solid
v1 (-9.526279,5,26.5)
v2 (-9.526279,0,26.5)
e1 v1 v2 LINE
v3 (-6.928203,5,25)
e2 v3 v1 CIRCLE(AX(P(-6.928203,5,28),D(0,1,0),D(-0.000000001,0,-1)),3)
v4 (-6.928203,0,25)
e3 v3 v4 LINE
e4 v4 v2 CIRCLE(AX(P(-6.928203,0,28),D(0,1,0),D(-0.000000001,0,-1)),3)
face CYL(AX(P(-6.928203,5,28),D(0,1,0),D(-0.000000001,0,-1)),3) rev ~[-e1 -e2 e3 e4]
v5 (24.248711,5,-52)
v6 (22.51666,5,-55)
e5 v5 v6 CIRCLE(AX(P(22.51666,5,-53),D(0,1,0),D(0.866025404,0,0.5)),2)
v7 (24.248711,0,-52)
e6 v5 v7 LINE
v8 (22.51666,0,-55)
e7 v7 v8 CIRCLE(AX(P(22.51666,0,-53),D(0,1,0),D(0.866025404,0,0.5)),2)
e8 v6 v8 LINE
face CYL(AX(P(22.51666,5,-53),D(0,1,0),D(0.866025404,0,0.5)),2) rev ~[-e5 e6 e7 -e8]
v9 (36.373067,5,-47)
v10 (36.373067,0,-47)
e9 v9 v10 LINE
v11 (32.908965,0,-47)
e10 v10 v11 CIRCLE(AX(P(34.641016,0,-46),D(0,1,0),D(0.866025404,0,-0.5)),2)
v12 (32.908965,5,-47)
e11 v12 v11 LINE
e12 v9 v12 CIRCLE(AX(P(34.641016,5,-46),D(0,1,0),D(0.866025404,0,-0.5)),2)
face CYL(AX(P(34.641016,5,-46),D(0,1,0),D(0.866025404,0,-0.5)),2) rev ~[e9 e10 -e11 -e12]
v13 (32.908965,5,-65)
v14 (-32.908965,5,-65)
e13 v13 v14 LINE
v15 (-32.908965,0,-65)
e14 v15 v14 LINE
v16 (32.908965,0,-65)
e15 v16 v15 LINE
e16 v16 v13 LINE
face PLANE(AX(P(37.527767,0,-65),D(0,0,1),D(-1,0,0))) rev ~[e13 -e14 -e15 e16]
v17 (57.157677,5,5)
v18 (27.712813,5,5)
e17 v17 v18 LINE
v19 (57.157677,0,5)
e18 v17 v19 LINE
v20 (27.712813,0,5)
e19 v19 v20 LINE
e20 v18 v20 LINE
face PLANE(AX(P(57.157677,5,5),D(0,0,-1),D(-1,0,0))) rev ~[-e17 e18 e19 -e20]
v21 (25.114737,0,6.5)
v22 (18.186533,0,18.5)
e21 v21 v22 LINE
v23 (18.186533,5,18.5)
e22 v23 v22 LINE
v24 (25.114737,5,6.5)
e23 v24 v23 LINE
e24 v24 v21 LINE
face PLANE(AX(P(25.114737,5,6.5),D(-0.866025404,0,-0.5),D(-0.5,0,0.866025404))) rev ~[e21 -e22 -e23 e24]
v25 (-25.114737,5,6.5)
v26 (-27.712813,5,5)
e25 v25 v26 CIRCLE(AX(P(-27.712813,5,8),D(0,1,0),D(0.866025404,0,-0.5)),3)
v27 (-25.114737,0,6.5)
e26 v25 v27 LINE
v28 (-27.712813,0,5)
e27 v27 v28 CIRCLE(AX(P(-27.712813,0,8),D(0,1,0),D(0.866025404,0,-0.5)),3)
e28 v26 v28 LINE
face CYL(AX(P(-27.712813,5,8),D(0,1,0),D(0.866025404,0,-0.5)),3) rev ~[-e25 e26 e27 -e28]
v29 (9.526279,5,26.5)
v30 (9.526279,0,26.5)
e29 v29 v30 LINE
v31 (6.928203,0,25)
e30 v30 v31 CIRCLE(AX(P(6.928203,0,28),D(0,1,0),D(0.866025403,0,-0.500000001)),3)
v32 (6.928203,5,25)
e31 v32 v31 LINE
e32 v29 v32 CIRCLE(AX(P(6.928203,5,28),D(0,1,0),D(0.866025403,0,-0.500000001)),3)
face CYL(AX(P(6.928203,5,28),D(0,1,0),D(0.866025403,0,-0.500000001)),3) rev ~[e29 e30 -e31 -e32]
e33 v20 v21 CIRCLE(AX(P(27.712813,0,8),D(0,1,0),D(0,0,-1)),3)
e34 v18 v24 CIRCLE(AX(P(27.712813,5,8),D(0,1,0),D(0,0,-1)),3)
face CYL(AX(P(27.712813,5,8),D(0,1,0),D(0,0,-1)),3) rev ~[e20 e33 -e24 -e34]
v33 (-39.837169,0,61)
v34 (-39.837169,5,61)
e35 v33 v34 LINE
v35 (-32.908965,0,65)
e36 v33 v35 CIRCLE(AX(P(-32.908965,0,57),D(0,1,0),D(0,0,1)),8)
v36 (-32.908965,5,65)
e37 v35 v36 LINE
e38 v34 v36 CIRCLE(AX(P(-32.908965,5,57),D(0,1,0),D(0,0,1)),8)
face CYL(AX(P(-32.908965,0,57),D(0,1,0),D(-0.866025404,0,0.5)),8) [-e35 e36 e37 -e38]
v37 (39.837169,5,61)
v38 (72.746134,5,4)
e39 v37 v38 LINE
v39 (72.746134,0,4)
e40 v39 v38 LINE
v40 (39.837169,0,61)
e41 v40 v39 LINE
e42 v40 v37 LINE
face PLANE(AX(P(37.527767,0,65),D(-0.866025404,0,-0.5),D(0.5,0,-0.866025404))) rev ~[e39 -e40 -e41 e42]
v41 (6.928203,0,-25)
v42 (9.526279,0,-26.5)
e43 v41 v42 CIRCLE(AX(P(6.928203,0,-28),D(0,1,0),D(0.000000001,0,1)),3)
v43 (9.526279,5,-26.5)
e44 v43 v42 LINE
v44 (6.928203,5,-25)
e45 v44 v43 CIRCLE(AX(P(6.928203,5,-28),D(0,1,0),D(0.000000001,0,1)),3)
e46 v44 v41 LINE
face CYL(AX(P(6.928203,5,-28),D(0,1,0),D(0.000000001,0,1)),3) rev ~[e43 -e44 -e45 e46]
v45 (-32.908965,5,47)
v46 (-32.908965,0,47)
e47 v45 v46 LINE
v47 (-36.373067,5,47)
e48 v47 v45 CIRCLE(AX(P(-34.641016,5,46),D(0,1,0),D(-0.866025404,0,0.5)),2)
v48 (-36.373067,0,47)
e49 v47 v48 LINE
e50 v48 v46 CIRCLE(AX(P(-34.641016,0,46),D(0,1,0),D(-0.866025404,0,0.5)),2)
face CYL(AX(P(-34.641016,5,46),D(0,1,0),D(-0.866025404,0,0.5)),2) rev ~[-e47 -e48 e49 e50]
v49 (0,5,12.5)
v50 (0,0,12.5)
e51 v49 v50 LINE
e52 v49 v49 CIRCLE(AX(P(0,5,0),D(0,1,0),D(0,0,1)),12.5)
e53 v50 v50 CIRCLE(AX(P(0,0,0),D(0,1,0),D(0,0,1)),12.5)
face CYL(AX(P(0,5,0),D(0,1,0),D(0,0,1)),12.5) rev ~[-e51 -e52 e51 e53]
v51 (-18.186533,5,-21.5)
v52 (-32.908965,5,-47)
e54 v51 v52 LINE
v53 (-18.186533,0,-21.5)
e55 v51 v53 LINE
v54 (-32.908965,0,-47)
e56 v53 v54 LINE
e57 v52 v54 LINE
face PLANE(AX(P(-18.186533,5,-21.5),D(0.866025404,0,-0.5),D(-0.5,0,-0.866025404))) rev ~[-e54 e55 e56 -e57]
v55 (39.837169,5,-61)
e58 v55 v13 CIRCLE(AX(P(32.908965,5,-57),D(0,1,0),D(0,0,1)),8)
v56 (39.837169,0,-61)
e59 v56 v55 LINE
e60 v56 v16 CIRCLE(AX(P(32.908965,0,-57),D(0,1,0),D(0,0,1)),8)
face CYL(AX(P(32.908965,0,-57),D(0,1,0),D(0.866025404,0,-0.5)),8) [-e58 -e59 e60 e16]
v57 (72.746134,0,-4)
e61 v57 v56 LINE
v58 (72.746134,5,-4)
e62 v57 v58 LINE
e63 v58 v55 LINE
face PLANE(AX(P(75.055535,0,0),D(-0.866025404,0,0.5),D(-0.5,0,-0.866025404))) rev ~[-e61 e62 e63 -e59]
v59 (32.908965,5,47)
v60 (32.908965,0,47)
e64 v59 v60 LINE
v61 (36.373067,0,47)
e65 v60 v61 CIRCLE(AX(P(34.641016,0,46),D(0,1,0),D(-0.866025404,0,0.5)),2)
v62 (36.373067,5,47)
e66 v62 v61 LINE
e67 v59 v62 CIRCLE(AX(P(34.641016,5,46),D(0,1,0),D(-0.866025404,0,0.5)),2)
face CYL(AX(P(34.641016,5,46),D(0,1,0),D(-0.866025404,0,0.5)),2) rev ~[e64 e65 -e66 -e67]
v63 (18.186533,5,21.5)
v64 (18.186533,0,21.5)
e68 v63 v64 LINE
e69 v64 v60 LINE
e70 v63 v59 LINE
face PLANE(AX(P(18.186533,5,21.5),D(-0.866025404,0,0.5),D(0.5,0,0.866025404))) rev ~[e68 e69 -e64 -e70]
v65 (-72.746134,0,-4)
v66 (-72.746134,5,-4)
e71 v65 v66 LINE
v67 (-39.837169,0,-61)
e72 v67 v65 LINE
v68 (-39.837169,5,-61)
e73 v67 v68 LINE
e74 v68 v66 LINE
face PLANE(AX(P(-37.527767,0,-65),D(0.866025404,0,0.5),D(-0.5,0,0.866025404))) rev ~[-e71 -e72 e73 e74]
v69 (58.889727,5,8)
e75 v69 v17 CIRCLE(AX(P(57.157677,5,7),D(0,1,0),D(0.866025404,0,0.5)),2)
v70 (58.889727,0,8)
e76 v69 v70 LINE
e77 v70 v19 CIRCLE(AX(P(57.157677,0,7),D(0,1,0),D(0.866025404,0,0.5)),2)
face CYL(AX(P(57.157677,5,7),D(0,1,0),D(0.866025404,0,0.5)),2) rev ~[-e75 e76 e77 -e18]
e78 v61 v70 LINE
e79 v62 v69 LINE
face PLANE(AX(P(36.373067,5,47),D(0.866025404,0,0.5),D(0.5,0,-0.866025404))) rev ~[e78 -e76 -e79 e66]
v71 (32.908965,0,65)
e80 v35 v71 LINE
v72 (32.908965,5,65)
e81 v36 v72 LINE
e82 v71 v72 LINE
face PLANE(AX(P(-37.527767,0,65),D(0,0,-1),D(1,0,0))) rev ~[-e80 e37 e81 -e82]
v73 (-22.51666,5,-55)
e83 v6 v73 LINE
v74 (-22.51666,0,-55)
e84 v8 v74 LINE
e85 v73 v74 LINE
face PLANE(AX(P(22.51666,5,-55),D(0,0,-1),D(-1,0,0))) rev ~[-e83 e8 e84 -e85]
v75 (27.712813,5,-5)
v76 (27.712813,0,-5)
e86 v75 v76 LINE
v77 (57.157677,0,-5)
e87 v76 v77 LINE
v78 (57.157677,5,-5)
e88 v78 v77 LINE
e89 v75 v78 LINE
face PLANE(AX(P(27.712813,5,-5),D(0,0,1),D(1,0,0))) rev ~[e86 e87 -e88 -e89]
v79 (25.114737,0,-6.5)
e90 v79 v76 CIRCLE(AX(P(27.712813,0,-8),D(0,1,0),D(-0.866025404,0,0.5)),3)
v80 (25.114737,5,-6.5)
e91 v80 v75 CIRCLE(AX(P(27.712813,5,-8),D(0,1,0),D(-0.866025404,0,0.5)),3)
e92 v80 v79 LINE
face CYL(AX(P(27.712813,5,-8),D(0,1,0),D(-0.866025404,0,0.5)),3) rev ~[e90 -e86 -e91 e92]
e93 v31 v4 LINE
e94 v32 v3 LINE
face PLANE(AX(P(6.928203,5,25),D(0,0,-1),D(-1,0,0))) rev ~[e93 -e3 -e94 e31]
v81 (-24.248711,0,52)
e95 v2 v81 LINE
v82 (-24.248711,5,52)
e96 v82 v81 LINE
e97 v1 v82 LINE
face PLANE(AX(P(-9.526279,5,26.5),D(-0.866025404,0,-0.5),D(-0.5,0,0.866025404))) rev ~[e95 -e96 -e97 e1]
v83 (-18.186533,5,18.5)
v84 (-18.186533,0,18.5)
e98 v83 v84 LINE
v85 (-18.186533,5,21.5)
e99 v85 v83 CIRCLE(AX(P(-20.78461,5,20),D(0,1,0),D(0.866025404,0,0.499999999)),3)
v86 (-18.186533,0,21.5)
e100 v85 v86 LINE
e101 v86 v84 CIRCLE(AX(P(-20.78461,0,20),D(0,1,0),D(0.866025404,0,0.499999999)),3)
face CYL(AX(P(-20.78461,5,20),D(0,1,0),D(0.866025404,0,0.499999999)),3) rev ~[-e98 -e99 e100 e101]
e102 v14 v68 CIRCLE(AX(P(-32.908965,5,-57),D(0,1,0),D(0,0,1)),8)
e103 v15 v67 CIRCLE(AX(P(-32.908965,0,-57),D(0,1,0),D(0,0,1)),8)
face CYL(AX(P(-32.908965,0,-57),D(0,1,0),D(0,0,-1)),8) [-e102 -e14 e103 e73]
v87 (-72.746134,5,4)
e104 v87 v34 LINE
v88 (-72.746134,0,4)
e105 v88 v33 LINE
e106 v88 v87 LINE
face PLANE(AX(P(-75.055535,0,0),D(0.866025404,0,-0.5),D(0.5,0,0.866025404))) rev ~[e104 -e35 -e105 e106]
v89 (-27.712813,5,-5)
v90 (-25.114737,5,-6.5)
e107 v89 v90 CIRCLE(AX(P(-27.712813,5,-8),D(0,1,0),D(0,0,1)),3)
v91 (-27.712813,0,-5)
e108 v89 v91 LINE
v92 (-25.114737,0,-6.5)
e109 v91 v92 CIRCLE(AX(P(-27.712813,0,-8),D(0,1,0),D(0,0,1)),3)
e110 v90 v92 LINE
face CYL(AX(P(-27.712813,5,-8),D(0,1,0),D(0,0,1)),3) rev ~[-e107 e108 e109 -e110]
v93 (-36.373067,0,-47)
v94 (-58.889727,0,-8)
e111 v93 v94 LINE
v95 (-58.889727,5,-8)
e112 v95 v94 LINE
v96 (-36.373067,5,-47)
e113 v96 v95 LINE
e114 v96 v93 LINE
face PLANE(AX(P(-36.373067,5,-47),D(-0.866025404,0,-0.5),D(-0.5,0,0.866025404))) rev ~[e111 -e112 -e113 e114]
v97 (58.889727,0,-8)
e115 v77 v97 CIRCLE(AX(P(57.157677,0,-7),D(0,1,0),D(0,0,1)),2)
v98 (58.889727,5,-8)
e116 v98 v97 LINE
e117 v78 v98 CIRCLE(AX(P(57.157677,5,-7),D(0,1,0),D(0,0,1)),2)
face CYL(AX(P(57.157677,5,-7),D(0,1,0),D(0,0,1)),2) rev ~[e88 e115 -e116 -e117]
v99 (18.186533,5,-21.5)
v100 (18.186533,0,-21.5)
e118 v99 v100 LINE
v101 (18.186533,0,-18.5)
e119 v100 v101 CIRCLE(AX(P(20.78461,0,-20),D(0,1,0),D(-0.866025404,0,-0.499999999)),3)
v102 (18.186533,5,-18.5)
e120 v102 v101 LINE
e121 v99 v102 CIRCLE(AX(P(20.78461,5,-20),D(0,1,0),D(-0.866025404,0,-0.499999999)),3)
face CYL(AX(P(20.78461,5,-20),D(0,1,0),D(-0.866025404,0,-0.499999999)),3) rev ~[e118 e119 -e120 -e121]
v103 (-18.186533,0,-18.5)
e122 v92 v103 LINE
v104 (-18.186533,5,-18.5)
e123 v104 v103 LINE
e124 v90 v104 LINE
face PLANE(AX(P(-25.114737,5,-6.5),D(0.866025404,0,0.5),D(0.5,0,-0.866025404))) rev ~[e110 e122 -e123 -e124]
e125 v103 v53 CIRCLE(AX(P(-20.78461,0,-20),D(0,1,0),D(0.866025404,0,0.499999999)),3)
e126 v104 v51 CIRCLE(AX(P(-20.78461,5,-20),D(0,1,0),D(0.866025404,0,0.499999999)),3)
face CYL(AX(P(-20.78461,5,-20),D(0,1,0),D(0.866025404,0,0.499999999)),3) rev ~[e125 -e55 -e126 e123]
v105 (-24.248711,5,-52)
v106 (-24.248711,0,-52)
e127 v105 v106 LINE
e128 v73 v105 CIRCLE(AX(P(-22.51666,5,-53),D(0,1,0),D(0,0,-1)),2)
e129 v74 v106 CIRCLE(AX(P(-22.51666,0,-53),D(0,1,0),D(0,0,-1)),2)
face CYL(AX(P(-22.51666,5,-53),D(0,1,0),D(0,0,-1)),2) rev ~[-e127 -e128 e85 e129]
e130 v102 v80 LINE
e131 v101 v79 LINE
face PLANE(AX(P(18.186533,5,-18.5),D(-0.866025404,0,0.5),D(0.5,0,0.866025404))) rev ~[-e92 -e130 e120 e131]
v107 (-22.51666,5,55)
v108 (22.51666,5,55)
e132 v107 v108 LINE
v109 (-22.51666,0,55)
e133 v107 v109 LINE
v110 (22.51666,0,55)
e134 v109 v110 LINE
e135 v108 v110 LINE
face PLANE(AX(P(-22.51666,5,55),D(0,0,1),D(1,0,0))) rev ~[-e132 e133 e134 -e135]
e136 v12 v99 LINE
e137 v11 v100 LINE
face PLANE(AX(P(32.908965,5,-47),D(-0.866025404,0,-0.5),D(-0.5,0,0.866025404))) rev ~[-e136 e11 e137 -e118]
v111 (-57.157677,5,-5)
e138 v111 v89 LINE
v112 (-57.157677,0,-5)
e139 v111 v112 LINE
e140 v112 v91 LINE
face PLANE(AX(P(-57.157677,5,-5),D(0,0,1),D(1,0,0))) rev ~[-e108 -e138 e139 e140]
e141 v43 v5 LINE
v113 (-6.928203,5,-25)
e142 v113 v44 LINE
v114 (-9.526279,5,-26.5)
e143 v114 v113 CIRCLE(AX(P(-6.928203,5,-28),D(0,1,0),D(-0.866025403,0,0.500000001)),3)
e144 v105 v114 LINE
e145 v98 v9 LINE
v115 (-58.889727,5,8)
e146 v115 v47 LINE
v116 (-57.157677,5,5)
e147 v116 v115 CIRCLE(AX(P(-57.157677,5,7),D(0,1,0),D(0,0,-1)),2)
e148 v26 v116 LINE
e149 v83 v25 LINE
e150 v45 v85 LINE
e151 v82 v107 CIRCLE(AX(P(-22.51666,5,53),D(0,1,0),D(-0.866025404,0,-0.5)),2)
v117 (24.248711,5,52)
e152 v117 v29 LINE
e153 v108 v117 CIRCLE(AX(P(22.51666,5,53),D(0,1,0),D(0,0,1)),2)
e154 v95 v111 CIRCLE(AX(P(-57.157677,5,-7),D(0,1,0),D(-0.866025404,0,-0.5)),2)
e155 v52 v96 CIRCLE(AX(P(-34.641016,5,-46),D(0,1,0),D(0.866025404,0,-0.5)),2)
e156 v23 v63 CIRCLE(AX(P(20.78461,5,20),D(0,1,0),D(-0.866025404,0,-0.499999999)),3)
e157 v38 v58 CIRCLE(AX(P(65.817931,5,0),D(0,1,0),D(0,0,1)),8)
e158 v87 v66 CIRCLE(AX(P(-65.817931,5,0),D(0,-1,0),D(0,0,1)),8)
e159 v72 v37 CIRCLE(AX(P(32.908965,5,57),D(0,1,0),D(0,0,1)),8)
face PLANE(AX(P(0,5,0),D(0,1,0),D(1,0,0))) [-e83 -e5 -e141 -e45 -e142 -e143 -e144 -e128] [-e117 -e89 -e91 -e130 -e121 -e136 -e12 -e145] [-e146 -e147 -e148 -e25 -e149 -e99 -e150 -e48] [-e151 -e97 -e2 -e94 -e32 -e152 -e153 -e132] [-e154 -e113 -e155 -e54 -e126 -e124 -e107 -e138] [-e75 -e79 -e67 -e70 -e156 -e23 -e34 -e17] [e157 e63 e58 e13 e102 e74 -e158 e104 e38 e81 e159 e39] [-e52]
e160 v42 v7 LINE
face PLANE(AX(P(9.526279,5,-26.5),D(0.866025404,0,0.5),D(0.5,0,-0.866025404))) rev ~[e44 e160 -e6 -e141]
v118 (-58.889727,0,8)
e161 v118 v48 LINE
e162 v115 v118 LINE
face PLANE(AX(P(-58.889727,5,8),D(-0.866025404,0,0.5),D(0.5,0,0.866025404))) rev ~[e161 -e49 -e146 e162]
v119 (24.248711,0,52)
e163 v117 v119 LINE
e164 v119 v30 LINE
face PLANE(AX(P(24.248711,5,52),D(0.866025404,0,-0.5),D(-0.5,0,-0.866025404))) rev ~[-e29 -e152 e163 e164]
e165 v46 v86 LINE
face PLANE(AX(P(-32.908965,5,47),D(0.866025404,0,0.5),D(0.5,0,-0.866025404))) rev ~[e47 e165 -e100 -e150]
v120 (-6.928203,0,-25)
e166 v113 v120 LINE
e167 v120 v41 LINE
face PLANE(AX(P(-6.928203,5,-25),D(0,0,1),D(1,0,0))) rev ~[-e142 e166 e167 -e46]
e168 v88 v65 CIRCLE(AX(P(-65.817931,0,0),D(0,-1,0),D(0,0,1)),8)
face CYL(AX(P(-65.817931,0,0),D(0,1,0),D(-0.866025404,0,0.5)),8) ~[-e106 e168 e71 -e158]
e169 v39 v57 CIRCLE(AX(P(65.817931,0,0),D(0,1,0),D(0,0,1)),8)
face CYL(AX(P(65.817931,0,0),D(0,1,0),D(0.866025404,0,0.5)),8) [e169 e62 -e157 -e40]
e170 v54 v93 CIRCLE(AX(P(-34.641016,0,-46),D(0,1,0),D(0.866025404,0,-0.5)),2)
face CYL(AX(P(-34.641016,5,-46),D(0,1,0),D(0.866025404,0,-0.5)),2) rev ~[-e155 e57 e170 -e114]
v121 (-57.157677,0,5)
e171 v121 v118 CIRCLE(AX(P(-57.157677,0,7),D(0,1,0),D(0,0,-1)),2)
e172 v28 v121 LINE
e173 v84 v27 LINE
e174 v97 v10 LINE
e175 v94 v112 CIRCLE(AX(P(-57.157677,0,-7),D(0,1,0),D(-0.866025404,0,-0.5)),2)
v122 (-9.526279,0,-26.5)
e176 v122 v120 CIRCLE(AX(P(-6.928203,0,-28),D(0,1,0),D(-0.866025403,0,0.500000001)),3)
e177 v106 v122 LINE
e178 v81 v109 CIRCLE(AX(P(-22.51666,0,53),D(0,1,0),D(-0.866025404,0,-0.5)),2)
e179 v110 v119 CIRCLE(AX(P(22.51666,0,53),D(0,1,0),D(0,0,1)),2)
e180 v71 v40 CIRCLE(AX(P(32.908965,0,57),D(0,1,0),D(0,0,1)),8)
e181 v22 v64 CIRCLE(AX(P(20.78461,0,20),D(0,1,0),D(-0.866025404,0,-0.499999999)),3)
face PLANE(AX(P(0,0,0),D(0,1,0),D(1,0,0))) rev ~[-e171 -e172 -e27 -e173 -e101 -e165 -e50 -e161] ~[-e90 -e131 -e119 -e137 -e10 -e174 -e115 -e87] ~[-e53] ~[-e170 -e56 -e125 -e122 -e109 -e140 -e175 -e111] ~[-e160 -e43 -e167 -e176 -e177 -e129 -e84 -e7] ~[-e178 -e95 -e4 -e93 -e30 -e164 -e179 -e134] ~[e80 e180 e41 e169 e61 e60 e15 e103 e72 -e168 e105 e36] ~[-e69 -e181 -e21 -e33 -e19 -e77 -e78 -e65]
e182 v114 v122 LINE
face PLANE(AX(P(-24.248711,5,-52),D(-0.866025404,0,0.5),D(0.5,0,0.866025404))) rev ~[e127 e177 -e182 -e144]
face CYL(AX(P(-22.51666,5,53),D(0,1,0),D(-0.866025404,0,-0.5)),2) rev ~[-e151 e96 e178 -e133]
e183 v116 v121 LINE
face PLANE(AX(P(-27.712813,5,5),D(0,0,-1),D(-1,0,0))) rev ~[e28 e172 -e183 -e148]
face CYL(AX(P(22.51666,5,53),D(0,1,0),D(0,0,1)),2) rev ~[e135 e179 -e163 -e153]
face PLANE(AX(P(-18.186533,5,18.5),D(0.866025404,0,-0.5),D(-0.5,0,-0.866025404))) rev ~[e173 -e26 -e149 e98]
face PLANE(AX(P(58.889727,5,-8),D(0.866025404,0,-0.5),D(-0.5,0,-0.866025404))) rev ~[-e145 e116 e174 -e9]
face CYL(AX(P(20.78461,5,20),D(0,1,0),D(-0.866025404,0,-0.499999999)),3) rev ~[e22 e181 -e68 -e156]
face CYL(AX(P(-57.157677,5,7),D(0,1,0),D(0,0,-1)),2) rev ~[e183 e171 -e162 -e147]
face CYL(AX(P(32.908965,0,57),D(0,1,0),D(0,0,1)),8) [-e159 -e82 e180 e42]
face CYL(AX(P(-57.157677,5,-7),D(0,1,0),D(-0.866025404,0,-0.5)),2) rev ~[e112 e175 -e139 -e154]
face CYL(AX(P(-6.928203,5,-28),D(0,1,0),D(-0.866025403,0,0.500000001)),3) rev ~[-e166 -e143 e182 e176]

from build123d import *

# Parameters (mm, degrees)
BOSS_EXTRUDE1_DEPTH = 5
FILLET1_R           = 8
SKETCH2_R           = 12.5
CUT_EXTRUDE1_DEPTH  = 10


with BuildPart() as part:
    # Sketch1 → Boss-Extrude1 (new body)
    with BuildSketch(Plane(origin=(0, 0, 0), x_dir=(1, 0, 0), z_dir=(0, 1, 0))):
        Polygon((-75.055534995, 0), (-37.527767497, -65), (37.527767497, -65), (75.055534995, 0), (37.527767497, 65), (-37.527767497, 65), align=None)
    extrude(amount=BOSS_EXTRUDE1_DEPTH)

    # Fillet1
    fillet1_edges = [part.edges().sort_by_distance(p)[0] for p in [
        (-37.527767497, 2.5, -65),
        (37.527767497, 2.5, -65),
        (75.055534995, 2.5, 0),
        (37.527767497, 2.5, 65),
        (-37.527767497, 2.5, 65),
        (-75.055534995, 2.5, 0),
    ]]
    fillet(fillet1_edges, radius=FILLET1_R)

    # Sketch2 → Cut-Extrude1 (cut)
    with BuildSketch(Plane(origin=(0, 5, 0), x_dir=(1, 0, 0), z_dir=(0, 1, 0))):
        with Locations(Location((0, 0, 0), (0, 0, 270))):
            Circle(SKETCH2_R)
        with BuildLine():
            Line((9.526279442, 26.5), (24.248711306, 52))
            ThreePointArc((24.248711306, 52), (24.248711306, 54), (22.516660498, 55))
            Line((22.516660498, 55), (-22.516660498, 55))
            ThreePointArc((-22.516660498, 55), (-24.248711306, 54), (-24.248711306, 52))
            Line((-24.248711306, 52), (-9.526279442, 26.5))
            ThreePointArc((-9.526279442, 26.5), (-8.42820323, 25.401923789), (-6.92820323, 25))
            Line((-6.92820323, 25), (6.92820323, 25))
            ThreePointArc((6.92820323, 25), (8.42820323, 25.401923789), (9.526279442, 26.5))
        make_face()
        with BuildLine():
            Line((27.712812921, 5), (57.15767665, 5))
            ThreePointArc((57.15767665, 5), (58.889727457, 6), (58.889727457, 8))
            Line((58.889727457, 8), (36.373066959, 47))
            ThreePointArc((36.373066959, 47), (34.641016151, 48), (32.908965344, 47))
            Line((32.908965344, 47), (18.186533479, 21.5))
            ThreePointArc((18.186533479, 21.5), (17.784609691, 20), (18.186533479, 18.5))
            Line((18.186533479, 18.5), (25.11473671, 6.5))
            ThreePointArc((25.11473671, 6.5), (26.212812921, 5.401923789), (27.712812921, 5))
        make_face()
        with BuildLine():
            Line((18.186533479, -21.5), (32.908965344, -47))
            ThreePointArc((32.908965344, -47), (34.641016151, -48), (36.373066959, -47))
            Line((36.373066959, -47), (58.889727457, -8))
            ThreePointArc((58.889727457, -8), (58.889727457, -6), (57.15767665, -5))
            Line((57.15767665, -5), (27.712812921, -5))
            ThreePointArc((27.712812921, -5), (26.212812921, -5.401923789), (25.11473671, -6.5))
            Line((25.11473671, -6.5), (18.186533479, -18.5))
            ThreePointArc((18.186533479, -18.5), (17.784609691, -20), (18.186533479, -21.5))
        make_face()
        with BuildLine():
            Line((-9.526279442, -26.5), (-24.248711306, -52))
            ThreePointArc((-24.248711306, -52), (-24.248711306, -54), (-22.516660498, -55))
            Line((-22.516660498, -55), (22.516660498, -55))
            ThreePointArc((22.516660498, -55), (24.248711306, -54), (24.248711306, -52))
            Line((24.248711306, -52), (9.526279442, -26.5))
            ThreePointArc((9.526279442, -26.5), (8.42820323, -25.401923789), (6.92820323, -25))
            Line((6.92820323, -25), (-6.92820323, -25))
            ThreePointArc((-6.92820323, -25), (-8.42820323, -25.401923789), (-9.526279442, -26.5))
        make_face()
        with BuildLine():
            Line((-27.712812921, -5), (-57.15767665, -5))
            ThreePointArc((-57.15767665, -5), (-58.889727457, -6), (-58.889727457, -8))
            Line((-58.889727457, -8), (-36.373066959, -47))
            ThreePointArc((-36.373066959, -47), (-34.641016151, -48), (-32.908965344, -47))
            Line((-32.908965344, -47), (-18.186533479, -21.5))
            ThreePointArc((-18.186533479, -21.5), (-17.784609691, -20), (-18.186533479, -18.5))
            Line((-18.186533479, -18.5), (-25.11473671, -6.5))
            ThreePointArc((-25.11473671, -6.5), (-26.212812921, -5.401923789), (-27.712812921, -5))
        make_face()
        with BuildLine():
            Line((-18.186533479, 21.5), (-32.908965344, 47))
            ThreePointArc((-32.908965344, 47), (-34.641016151, 48), (-36.373066959, 47))
            Line((-36.373066959, 47), (-58.889727457, 8))
            ThreePointArc((-58.889727457, 8), (-58.889727457, 6), (-57.15767665, 5))
            Line((-57.15767665, 5), (-27.712812921, 5))
            ThreePointArc((-27.712812921, 5), (-26.212812921, 5.401923789), (-25.11473671, 6.5))
            Line((-25.11473671, 6.5), (-18.186533479, 18.5))
            ThreePointArc((-18.186533479, 18.5), (-17.784609691, 20), (-18.186533479, 21.5))
        make_face()
    extrude(amount=-CUT_EXTRUDE1_DEPTH, mode=Mode.SUBTRACT)


solid = part.part
